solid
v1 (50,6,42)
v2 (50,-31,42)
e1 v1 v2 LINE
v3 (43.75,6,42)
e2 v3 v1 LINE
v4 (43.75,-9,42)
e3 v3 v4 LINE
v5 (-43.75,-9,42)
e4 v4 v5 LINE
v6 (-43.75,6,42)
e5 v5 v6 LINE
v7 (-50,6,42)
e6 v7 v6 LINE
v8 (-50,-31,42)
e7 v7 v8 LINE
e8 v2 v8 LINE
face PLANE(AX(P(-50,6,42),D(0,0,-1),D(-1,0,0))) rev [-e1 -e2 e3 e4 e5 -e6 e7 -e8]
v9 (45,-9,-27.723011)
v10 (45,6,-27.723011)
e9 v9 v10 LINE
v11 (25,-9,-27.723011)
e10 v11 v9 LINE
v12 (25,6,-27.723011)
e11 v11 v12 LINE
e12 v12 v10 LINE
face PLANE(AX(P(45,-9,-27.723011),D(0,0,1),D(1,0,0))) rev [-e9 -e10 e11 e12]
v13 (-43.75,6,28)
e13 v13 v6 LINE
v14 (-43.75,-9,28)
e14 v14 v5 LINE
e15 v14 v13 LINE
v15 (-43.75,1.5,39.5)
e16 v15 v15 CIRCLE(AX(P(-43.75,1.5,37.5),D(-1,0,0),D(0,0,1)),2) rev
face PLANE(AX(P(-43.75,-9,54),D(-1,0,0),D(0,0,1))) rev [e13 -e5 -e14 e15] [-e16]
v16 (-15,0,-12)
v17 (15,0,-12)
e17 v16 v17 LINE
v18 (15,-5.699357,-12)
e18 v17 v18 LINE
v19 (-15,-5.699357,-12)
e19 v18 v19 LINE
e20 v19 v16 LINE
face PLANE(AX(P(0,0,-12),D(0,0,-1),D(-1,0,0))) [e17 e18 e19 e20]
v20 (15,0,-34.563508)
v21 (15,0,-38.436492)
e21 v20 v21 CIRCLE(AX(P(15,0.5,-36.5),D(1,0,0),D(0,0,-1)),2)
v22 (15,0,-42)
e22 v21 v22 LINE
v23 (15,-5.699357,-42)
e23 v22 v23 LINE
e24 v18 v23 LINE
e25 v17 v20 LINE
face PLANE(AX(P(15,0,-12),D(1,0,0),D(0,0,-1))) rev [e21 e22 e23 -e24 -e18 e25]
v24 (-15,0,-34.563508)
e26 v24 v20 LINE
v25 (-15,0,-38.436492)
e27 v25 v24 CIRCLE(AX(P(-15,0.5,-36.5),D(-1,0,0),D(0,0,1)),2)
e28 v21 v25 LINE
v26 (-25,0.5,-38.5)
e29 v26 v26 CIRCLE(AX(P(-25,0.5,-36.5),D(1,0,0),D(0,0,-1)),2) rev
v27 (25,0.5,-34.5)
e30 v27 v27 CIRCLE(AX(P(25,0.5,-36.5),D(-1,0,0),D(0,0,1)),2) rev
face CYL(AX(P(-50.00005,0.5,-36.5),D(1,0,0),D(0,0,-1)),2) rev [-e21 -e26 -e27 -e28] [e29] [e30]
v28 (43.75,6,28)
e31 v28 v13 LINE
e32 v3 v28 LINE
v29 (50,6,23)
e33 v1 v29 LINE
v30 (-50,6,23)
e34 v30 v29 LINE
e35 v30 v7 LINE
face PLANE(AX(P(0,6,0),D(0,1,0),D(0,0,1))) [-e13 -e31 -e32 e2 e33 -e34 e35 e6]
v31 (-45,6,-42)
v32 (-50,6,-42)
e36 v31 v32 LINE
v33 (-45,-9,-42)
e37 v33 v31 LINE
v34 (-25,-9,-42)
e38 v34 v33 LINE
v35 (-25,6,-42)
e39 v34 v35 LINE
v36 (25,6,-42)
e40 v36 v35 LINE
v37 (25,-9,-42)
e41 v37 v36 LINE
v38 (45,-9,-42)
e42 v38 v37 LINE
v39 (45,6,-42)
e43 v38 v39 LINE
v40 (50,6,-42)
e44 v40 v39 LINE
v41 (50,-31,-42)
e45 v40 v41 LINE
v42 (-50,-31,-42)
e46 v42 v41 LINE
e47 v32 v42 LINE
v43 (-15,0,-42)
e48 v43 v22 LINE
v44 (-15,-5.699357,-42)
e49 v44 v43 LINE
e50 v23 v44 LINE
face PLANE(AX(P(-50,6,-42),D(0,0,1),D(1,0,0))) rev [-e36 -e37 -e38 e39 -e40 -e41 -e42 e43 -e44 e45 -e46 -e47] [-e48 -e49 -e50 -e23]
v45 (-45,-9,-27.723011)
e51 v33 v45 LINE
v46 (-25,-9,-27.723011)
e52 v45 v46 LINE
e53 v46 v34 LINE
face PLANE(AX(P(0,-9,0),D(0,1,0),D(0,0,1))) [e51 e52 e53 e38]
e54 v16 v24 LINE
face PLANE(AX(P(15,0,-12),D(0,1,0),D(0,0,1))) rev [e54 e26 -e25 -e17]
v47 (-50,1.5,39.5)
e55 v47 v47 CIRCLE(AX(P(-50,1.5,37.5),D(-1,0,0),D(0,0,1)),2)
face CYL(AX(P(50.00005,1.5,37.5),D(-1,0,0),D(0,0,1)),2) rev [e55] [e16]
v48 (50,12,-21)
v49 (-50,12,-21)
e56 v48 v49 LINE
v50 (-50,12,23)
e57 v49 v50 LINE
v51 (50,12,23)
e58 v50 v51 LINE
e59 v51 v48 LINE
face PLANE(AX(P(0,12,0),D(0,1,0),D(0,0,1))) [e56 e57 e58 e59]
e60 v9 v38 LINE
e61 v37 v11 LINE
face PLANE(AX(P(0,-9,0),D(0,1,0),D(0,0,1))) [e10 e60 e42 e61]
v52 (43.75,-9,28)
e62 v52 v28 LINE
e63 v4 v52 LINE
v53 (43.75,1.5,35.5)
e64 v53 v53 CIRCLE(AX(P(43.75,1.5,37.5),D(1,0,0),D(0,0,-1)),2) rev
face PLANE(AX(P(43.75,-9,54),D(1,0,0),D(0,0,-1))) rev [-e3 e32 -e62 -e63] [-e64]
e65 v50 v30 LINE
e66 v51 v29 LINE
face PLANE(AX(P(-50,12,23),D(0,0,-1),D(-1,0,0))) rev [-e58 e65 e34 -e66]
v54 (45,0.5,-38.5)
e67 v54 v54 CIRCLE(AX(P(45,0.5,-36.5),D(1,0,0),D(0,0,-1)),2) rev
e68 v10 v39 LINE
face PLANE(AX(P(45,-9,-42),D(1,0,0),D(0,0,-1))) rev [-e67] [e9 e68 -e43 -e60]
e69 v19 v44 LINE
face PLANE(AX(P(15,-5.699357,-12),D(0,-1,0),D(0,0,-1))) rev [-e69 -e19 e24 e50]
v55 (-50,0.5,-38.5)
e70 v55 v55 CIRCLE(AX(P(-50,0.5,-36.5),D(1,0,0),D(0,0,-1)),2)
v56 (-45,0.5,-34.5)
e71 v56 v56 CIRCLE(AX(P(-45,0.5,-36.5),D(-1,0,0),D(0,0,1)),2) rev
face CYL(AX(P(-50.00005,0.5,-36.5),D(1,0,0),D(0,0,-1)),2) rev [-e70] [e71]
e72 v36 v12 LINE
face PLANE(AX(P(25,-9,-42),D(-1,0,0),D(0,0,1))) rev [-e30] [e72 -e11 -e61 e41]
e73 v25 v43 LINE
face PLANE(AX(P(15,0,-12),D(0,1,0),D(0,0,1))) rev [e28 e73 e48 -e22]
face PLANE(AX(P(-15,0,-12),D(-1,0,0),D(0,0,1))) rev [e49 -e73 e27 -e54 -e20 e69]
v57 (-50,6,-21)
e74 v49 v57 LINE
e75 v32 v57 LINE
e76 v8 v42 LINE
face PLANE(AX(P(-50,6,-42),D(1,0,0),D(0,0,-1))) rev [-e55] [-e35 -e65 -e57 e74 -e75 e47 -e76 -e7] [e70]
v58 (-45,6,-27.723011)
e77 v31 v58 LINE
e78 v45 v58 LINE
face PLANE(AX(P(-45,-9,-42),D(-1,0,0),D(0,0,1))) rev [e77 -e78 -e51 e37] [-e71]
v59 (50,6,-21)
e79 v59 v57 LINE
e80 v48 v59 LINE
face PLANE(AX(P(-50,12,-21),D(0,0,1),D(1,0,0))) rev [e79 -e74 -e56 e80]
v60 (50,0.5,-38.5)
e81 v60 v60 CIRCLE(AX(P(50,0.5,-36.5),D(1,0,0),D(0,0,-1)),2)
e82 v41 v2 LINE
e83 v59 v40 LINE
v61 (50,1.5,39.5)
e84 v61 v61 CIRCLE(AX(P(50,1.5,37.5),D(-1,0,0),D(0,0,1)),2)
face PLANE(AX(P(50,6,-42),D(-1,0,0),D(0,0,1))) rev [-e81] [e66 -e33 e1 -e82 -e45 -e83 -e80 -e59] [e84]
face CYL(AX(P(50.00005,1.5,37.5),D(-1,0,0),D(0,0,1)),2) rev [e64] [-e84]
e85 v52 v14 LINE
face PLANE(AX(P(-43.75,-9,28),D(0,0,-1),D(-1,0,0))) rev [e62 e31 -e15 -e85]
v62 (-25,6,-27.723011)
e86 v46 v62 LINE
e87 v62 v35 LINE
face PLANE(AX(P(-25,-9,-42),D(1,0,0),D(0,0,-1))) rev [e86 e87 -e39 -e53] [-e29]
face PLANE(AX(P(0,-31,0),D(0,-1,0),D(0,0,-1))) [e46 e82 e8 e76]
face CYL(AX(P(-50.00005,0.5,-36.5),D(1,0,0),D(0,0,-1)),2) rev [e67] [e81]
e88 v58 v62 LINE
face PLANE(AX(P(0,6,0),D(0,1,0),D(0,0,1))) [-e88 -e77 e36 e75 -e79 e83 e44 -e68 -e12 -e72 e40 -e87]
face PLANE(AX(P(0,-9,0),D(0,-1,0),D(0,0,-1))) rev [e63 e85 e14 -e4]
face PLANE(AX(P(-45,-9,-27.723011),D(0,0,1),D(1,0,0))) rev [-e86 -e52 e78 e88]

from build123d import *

# Parameters (mm, degrees)
SKETCH1_W           = 100
SKETCH1_H           = 84
BOSS_EXTRUDE1_DEPTH = 6
SKETCH2_W           = 100
SKETCH2_H           = 44
BOSS_EXTRUDE2_DEPTH = 6
SKETCH3_W           = 100
SKETCH3_H           = 84
BOSS_EXTRUDE3_DEPTH = 31
SKETCH4_W           = 30
SKETCH4_H           = 5.699357211
CUT_EXTRUDE1_DEPTH  = 30
SKETCH5_R           = 2
CUT_EXTRUDE2_DEPTH  = 113.805141727
SKETCH6_W           = 87.5
SKETCH6_H           = 26
CUT_EXTRUDE3_DEPTH  = 15
SKETCH7_R           = 2
CUT_EXTRUDE4_DEPTH  = 113.805141727
SKETCH8_W           = 20
SKETCH8_H           = 14.276989135
CUT_EXTRUDE5_DEPTH  = 15


with BuildPart() as part:
    # Sketch1 → Boss-Extrude1 (new body)
    with BuildSketch(Plane(origin=(0, 0, 0), x_dir=(1, 0, 0), z_dir=(0, 1, 0))):
        Rectangle(SKETCH1_W, SKETCH1_H)
    extrude(amount=BOSS_EXTRUDE1_DEPTH)

    # Sketch2 → Boss-Extrude2 (add)
    with BuildSketch(Plane(origin=(0, 6, 0), x_dir=(1, 0, 0), z_dir=(0, 1, 0))):
        with Locations((0, -1)):
            Rectangle(SKETCH2_W, SKETCH2_H)
    extrude(amount=BOSS_EXTRUDE2_DEPTH)

    # Sketch3 → Boss-Extrude3 (add)
    with BuildSketch(Plane.XZ):
        Rectangle(SKETCH3_W, SKETCH3_H)
    extrude(amount=BOSS_EXTRUDE3_DEPTH)

    # Sketch4 → Cut-Extrude1 (cut)
    with BuildSketch(Plane(origin=(0, 0, -42), x_dir=(-1, 0, 0), z_dir=(0, 0, -1))):
        with Locations((0, -2.849678606)):
            Rectangle(SKETCH4_W, SKETCH4_H)
    extrude(amount=-CUT_EXTRUDE1_DEPTH, mode=Mode.SUBTRACT)

    # Sketch5 → Cut-Extrude2 (cut, through all)
    with BuildSketch(Plane.ZY.offset(50)):
        with Locations((37.5, 1.5)):
            Circle(SKETCH5_R)
    extrude(amount=-CUT_EXTRUDE2_DEPTH, mode=Mode.SUBTRACT)

    # Sketch6 → Cut-Extrude3 (cut)
    with BuildSketch(Plane(origin=(0, 6, 0), x_dir=(1, 0, 0), z_dir=(0, 1, 0))):
        with Locations((0, -41)):
            Rectangle(SKETCH6_W, SKETCH6_H)
    extrude(amount=-CUT_EXTRUDE3_DEPTH, mode=Mode.SUBTRACT)

    # Sketch7 → Cut-Extrude4 (cut, through all)
    with BuildSketch(Plane(origin=(50, 0, 0), x_dir=(0, 0, -1), z_dir=(1, 0, 0))):
        with Locations((36.5, 0.5)):
            Circle(SKETCH7_R)
    extrude(amount=-CUT_EXTRUDE4_DEPTH, mode=Mode.SUBTRACT)

    # Sketch8 → Cut-Extrude5 (cut)
    with BuildSketch(Plane(origin=(0, 6, 0), x_dir=(1, 0, 0), z_dir=(0, 1, 0))):
        with Locations((-35, 34.861505433)):
            Rectangle(SKETCH8_W, SKETCH8_H)
        with Locations((35, 34.861505433)):
            Rectangle(SKETCH8_W, SKETCH8_H)
    extrude(amount=-CUT_EXTRUDE5_DEPTH, mode=Mode.SUBTRACT)


solid = part.part
